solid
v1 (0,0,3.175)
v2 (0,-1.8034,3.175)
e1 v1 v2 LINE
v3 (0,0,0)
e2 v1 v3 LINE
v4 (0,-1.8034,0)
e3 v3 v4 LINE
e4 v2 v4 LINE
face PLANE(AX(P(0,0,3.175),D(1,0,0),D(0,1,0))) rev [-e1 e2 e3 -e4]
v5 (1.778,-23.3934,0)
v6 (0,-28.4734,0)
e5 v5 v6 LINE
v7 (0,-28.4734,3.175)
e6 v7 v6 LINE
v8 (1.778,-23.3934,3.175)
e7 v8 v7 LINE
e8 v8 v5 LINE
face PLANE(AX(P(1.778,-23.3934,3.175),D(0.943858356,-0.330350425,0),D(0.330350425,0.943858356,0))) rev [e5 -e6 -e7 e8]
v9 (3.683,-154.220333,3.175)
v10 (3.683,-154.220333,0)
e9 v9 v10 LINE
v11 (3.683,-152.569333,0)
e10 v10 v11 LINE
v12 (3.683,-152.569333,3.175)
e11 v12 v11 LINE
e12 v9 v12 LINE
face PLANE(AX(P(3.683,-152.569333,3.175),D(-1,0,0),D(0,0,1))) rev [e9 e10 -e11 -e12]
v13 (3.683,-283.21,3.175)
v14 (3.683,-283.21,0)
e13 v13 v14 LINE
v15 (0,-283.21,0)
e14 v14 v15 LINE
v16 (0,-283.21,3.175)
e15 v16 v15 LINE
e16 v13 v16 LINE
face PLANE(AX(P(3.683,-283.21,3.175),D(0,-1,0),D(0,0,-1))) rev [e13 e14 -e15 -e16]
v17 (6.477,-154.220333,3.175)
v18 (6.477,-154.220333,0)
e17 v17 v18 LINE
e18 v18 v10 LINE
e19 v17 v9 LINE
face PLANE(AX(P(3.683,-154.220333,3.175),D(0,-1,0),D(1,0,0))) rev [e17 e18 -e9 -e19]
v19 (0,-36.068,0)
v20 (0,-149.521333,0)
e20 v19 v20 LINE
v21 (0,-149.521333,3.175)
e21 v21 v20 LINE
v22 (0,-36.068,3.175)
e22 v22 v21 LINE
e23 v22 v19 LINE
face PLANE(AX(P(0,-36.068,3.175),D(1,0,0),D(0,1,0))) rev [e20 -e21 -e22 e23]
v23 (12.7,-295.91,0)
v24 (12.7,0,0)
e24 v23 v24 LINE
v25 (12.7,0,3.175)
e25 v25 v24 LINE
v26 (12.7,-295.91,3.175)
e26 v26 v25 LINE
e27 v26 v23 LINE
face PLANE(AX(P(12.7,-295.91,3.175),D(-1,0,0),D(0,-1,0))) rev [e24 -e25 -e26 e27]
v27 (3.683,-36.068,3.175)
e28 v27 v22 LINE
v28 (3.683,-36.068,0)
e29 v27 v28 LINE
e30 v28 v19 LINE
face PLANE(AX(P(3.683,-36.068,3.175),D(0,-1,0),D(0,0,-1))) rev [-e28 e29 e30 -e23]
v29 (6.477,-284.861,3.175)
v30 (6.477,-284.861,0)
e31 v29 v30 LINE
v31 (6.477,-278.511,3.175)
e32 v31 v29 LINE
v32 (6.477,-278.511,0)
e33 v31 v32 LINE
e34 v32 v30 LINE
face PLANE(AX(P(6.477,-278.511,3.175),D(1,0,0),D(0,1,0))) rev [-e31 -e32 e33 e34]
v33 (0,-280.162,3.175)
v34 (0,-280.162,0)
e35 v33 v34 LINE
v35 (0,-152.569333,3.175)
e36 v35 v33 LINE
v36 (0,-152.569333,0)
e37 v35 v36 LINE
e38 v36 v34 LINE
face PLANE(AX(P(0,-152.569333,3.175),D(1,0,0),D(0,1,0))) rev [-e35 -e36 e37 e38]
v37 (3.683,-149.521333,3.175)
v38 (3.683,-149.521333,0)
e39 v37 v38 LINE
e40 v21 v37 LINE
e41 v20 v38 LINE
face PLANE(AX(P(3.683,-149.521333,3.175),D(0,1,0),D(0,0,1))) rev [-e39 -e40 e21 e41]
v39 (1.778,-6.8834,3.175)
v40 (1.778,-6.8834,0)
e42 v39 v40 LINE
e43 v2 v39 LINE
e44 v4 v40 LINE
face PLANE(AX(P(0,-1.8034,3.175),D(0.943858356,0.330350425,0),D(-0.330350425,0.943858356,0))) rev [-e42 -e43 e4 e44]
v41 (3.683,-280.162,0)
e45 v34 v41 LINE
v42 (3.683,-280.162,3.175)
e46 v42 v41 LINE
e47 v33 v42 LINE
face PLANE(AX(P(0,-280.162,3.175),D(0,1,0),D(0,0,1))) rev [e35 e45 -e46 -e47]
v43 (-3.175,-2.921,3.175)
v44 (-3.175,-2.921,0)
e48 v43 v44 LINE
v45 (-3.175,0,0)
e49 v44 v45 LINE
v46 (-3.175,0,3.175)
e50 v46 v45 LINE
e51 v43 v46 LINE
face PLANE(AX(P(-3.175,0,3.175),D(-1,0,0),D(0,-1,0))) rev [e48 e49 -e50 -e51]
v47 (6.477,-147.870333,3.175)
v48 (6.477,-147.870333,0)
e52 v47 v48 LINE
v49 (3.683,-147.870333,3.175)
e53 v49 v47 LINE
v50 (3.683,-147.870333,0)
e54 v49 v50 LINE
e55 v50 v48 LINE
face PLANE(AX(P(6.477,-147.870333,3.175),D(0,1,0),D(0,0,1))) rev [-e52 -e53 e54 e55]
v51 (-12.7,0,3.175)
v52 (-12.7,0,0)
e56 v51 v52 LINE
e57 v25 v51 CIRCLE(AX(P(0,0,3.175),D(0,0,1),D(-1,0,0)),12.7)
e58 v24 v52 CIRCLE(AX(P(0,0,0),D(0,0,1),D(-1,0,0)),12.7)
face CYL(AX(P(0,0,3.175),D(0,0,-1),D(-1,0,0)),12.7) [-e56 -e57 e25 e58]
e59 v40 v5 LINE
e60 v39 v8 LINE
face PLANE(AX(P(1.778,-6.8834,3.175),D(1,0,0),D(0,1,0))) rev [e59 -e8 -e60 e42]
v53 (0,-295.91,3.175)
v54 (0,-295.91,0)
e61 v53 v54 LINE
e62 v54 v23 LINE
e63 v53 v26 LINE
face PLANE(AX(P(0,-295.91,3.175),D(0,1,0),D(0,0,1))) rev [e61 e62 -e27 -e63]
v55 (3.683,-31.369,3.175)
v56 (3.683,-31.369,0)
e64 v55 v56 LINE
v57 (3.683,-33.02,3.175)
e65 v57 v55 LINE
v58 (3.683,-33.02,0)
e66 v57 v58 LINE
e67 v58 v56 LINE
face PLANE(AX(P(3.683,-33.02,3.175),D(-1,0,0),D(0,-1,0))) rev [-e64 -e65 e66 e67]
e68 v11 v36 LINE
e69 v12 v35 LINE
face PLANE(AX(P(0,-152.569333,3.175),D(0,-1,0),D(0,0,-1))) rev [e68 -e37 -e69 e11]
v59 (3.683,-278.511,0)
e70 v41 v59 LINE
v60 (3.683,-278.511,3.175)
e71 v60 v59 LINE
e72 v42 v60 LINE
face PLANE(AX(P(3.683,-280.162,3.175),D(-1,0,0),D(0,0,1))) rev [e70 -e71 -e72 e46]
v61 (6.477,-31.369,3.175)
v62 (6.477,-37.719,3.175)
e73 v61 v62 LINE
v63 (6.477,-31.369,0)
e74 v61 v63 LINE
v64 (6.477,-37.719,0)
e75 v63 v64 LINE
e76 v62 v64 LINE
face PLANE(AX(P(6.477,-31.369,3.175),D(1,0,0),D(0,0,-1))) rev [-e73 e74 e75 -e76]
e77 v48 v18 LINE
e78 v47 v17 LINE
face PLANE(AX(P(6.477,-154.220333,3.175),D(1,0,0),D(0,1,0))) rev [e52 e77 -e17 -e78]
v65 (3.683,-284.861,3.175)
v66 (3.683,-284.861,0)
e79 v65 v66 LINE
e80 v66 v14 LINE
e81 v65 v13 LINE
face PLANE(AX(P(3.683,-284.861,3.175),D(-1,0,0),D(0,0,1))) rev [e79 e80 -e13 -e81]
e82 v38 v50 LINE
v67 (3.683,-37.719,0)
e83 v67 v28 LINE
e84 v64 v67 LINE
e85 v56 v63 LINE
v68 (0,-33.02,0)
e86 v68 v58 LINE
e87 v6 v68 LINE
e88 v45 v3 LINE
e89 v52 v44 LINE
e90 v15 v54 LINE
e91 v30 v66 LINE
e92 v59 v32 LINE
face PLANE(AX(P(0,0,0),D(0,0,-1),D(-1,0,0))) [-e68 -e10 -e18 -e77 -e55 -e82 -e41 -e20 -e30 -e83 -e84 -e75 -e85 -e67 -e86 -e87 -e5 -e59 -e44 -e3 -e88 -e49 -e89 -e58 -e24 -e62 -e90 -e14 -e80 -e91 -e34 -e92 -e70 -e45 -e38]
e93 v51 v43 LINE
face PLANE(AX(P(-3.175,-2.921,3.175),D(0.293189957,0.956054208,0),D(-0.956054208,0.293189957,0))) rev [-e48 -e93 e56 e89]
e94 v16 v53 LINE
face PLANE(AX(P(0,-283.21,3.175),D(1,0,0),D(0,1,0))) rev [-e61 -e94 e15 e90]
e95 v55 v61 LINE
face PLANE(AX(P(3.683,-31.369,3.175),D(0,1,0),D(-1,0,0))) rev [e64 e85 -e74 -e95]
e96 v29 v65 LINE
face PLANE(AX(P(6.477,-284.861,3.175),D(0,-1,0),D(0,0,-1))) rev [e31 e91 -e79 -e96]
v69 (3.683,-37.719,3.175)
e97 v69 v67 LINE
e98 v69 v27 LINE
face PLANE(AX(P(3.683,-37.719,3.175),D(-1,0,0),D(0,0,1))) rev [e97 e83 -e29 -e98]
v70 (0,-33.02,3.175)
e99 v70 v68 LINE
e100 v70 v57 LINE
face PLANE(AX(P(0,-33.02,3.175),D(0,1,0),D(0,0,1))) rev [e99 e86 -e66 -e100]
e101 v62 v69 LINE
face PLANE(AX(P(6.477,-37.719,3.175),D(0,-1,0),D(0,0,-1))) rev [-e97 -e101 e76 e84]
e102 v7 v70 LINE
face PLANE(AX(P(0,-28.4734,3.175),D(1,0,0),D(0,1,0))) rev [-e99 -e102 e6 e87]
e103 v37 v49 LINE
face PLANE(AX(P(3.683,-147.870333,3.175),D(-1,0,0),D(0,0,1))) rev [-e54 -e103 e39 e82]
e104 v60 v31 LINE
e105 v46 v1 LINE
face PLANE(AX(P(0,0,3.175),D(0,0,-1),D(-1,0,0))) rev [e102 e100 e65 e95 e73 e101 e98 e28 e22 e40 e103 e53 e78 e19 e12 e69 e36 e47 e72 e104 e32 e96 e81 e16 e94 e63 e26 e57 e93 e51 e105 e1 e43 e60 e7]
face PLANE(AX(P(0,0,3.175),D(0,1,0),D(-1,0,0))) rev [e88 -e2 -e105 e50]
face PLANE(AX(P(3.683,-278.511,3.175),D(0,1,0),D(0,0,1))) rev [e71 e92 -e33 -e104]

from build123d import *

# Parameters (mm, degrees)
BOSS_EXTRUDE1_DEPTH = 3.175


with BuildPart() as part:
    # Sketch1 → Boss-Extrude1 (new body)
    with BuildSketch(Plane.XY):
        with BuildLine():
            Line((0, 0), (0, -1.8034))
            Line((0, -1.8034), (1.778, -6.8834))
            Line((1.778, -6.8834), (1.778, -23.3934))
            Line((1.778, -23.3934), (0, -28.4734))
            Line((0, -28.4734), (0, -33.02))
            Line((0, -33.02), (3.683, -33.02))
            Line((3.683, -33.02), (3.683, -31.369))
            Line((3.683, -31.369), (6.477, -31.369))
            Line((6.477, -31.369), (6.477, -37.719))
            Line((6.477, -37.719), (3.683, -37.719))
            Line((3.683, -37.719), (3.683, -36.068))
            Line((3.683, -36.068), (0, -36.068))
            Line((0, -36.068), (0, -149.521333333))
            Line((0, -149.521333333), (3.683, -149.521333333))
            Line((3.683, -149.521333333), (3.683, -147.870333333))
            Line((3.683, -147.870333333), (6.477, -147.870333333))
            Line((6.477, -147.870333333), (6.477, -154.220333333))
            Line((6.477, -154.220333333), (3.683, -154.220333333))
            Line((3.683, -154.220333333), (3.683, -152.569333333))
            Line((3.683, -152.569333333), (0, -152.569333333))
            Line((0, -152.569333333), (0, -280.162))
            Line((0, -280.162), (3.683, -280.162))
            Line((3.683, -280.162), (3.683, -278.511))
            Line((3.683, -278.511), (6.477, -278.511))
            Line((6.477, -278.511), (6.477, -284.861))
            Line((6.477, -284.861), (3.683, -284.861))
            Line((3.683, -284.861), (3.683, -283.21))
            Line((3.683, -283.21), (0, -283.21))
            Line((0, -283.21), (0, -295.91))
            Line((0, -295.91), (12.7, -295.91))
            Line((12.7, -295.91), (12.7, 0))
            ThreePointArc((12.7, 0), (0, 12.7), (-12.7, 0))
            Line((-12.7, 0), (-3.175, -2.921))
            Line((-3.175, -2.921), (-3.175, 0))
            Line((-3.175, 0), (0, 0))
        make_face()
    extrude(amount=BOSS_EXTRUDE1_DEPTH)


solid = part.part
